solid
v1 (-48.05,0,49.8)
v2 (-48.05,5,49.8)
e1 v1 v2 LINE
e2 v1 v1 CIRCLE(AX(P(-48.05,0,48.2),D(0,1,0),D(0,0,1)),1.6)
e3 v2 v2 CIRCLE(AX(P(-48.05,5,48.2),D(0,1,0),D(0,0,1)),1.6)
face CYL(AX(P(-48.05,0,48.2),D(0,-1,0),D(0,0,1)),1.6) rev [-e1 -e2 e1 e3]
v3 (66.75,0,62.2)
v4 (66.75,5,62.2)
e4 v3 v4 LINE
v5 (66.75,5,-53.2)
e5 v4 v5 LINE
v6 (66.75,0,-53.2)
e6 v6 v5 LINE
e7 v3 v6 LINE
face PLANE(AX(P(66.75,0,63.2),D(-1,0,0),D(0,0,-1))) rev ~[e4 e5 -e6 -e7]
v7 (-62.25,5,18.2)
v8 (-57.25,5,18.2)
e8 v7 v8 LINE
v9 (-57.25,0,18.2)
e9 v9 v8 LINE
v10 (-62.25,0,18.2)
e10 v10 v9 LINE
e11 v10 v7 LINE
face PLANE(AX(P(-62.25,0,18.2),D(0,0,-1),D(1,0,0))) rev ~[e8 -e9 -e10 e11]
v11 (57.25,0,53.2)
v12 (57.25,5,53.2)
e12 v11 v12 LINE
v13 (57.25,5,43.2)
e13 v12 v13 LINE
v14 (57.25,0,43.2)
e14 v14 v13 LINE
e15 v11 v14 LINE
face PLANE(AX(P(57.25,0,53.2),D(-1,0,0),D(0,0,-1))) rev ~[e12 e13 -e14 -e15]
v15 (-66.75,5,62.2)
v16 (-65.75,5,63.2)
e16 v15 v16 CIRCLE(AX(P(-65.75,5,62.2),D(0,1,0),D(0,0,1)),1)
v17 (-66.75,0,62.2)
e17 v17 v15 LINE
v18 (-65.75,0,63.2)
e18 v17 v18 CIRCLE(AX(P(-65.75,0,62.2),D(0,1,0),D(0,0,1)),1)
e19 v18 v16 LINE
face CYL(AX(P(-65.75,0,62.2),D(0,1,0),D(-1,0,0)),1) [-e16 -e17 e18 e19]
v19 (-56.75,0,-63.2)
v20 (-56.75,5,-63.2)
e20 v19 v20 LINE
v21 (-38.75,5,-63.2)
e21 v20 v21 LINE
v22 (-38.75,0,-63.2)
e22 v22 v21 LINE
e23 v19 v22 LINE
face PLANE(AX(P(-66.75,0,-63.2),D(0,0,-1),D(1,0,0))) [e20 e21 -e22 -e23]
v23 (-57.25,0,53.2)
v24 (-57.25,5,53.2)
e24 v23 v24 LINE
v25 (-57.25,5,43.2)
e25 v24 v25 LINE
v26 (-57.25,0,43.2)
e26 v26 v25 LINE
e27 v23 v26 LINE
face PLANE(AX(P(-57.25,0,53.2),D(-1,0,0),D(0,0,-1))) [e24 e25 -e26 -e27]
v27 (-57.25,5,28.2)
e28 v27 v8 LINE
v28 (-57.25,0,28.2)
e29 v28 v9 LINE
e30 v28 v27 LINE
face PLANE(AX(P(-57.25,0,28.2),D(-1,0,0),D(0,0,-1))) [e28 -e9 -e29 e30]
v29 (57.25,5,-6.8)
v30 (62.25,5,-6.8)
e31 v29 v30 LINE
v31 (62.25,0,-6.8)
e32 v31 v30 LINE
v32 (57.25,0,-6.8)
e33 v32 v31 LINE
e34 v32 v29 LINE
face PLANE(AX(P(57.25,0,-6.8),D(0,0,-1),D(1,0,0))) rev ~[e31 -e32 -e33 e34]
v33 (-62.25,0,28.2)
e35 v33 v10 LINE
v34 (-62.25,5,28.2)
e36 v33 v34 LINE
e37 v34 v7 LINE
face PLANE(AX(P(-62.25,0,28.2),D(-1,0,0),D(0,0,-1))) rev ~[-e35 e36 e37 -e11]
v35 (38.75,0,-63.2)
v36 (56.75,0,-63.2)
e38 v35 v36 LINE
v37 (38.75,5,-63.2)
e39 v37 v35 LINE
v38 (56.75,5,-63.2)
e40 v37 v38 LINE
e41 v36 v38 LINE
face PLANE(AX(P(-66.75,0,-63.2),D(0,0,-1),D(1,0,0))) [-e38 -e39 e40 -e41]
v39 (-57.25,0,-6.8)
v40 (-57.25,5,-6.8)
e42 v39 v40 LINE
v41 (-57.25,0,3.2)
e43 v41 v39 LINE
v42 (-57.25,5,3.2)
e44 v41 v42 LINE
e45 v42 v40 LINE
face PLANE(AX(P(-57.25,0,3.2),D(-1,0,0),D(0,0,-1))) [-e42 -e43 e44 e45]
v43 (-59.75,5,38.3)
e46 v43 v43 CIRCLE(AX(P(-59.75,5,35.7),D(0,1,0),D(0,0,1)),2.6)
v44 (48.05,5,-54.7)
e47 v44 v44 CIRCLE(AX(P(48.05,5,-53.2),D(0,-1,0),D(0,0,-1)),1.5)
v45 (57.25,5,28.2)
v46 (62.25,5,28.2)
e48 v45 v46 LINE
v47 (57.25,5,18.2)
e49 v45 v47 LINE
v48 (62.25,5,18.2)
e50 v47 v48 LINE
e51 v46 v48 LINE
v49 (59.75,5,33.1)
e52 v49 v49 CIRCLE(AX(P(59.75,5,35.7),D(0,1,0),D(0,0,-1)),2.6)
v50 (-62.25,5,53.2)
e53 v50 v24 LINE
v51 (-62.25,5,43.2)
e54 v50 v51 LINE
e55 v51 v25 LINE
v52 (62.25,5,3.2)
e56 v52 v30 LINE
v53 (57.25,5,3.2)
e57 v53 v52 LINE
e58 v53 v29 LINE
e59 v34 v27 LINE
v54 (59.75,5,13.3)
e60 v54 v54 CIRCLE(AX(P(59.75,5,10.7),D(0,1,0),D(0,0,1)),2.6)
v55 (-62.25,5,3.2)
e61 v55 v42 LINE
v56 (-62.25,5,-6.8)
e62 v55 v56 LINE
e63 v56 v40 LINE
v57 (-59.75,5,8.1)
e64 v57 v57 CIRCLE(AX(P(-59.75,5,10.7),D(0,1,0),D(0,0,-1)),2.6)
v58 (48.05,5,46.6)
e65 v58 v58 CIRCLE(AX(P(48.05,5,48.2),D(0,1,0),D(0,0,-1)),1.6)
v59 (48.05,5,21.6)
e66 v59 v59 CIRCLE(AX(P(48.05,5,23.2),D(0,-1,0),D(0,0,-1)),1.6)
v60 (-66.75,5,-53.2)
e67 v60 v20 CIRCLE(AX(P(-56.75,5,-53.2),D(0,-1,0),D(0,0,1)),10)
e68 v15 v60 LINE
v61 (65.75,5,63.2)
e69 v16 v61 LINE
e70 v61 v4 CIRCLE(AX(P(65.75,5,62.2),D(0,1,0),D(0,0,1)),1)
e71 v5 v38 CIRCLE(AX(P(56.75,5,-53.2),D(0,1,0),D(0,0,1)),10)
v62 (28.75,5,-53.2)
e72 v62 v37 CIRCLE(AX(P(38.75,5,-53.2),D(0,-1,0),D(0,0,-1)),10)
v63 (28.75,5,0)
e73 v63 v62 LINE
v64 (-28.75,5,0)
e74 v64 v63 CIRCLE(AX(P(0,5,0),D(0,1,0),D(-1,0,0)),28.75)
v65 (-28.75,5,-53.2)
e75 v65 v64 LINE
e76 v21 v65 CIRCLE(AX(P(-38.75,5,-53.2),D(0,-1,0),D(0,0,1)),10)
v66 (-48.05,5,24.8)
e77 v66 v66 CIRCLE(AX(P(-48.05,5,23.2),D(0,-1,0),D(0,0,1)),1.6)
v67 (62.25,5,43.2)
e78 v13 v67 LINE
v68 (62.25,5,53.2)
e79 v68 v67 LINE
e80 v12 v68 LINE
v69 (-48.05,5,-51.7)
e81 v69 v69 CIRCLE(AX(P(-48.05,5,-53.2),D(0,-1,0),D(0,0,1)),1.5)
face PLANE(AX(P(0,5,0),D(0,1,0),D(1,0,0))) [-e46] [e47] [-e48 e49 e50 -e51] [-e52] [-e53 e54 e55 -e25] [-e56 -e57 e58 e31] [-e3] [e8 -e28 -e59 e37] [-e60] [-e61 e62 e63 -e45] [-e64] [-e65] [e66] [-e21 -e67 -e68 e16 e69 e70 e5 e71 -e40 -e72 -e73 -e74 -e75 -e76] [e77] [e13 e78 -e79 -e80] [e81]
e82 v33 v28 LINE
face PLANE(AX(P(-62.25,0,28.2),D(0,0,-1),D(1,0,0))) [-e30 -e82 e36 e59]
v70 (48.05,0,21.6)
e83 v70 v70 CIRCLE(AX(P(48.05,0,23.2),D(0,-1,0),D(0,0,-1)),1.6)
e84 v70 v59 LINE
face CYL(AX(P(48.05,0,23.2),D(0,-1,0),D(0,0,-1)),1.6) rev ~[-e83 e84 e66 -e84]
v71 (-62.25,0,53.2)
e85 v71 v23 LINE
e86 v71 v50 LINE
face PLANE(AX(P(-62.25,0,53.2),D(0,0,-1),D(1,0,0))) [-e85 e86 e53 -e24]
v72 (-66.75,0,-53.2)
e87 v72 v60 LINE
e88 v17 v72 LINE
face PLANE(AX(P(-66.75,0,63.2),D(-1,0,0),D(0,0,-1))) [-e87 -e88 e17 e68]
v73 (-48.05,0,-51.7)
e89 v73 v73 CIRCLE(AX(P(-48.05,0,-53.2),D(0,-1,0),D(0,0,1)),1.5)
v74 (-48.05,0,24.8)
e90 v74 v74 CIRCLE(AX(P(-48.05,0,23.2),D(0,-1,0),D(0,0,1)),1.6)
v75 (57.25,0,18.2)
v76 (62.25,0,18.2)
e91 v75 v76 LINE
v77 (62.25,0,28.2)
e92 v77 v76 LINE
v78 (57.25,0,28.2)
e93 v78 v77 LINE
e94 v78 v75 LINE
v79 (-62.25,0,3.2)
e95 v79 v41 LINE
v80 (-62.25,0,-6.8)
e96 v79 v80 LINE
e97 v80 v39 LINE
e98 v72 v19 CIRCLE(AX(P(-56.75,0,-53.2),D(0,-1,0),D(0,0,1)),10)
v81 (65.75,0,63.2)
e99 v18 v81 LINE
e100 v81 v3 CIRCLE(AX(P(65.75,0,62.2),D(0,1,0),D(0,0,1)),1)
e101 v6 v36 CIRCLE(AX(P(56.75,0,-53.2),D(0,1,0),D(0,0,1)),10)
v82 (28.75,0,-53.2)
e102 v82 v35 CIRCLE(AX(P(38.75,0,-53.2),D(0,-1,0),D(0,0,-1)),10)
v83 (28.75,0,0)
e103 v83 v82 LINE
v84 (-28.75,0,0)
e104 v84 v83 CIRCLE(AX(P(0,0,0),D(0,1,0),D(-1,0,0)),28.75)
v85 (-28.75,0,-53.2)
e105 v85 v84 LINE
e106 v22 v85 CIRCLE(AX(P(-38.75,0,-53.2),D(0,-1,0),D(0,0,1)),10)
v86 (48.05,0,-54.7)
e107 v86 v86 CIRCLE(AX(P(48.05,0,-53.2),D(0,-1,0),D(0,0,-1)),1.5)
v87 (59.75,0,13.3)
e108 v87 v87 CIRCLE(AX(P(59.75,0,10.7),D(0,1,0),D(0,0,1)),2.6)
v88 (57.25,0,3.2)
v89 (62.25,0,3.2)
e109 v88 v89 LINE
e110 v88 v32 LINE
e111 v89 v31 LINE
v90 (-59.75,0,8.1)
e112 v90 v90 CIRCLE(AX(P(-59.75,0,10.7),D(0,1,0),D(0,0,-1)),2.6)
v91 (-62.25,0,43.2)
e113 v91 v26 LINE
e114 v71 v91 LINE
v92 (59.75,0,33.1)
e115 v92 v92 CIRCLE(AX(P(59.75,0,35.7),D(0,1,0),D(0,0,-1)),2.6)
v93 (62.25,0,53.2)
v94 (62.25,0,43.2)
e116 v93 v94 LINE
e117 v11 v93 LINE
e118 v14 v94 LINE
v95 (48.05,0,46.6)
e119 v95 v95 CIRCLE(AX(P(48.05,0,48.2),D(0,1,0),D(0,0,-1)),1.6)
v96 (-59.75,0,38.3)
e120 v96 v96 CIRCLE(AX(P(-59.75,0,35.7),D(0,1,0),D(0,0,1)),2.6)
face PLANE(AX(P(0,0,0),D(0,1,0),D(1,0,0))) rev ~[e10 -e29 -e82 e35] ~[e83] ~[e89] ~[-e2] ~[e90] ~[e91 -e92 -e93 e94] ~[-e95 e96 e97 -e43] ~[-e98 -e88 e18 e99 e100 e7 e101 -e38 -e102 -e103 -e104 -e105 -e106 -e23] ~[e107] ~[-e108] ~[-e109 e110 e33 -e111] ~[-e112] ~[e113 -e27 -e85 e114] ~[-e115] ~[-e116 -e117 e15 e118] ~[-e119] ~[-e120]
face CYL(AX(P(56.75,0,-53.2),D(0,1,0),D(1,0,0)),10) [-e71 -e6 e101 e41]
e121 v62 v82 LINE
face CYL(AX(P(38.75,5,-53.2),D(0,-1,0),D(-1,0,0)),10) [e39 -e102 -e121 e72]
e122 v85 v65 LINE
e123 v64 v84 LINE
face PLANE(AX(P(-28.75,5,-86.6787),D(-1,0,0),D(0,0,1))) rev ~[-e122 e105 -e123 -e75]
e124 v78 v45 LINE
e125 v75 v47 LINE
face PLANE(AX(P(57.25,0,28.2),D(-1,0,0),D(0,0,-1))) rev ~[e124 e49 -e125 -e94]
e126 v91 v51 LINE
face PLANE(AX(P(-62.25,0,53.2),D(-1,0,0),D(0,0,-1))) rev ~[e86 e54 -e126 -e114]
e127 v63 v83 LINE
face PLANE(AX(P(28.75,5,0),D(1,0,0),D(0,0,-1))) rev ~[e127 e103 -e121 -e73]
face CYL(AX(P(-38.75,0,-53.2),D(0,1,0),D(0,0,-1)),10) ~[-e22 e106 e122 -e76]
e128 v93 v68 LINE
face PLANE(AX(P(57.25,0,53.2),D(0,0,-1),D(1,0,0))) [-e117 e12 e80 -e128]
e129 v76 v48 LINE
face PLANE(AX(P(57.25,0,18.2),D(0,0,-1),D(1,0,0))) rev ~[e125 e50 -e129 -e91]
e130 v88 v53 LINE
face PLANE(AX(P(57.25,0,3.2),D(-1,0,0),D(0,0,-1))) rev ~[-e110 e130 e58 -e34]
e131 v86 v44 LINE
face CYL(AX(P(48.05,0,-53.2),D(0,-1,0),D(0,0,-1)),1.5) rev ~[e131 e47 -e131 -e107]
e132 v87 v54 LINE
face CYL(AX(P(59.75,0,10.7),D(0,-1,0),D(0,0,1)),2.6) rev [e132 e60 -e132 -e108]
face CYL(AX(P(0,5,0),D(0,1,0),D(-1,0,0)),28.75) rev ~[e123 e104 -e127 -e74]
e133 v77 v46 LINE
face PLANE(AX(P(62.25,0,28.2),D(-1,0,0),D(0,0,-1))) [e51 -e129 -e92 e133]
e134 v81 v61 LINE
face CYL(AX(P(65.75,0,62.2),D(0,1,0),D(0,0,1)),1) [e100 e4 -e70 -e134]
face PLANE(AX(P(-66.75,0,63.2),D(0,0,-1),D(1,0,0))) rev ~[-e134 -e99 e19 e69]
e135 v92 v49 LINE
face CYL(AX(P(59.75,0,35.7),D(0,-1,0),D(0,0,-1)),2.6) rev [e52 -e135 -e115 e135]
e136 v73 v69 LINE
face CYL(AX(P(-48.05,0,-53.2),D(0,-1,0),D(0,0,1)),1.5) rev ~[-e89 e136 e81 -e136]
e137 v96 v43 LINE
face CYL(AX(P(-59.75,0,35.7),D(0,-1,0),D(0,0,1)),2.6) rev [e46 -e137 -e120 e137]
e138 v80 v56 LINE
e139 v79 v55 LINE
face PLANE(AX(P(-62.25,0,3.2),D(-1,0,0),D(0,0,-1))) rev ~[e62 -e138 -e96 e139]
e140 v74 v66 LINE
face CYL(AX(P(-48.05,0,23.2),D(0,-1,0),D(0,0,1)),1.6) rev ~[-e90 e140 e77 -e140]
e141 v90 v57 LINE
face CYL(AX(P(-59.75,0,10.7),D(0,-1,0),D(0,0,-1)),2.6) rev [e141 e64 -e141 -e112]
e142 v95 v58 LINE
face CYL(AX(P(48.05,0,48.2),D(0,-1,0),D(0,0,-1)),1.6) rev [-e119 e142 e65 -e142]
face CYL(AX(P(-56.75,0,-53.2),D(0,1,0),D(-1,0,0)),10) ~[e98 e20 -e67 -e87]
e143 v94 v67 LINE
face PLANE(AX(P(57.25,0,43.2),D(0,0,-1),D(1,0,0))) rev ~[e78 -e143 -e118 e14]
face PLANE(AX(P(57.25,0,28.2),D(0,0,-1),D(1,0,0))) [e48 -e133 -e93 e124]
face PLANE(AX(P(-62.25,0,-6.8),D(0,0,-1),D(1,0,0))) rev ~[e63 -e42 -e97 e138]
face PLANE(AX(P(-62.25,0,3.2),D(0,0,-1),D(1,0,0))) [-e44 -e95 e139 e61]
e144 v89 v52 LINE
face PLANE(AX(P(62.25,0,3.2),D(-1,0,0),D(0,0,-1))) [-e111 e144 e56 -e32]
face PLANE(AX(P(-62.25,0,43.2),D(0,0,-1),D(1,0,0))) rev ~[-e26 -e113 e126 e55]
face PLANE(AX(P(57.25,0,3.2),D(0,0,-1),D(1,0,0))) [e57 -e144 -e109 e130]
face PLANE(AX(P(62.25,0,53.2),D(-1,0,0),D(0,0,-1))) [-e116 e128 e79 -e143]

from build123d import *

# Parameters (mm, degrees)
SKETCH1_W           = 133.5
SKETCH1_H           = 126.4
SKETCH1_R           = 2.6
SKETCH1_R_2         = 1.6
SKETCH1_W_2         = 5
SKETCH1_H_2         = 10
BOSS_EXTRUDE1_DEPTH = 5
CUT_EXTRUDE2_DEPTH  = 10
FILLET2_R           = 10
CUT_EXTRUDE3_REACH  = 94.059
SKETCH5_R           = 1.6
SKETCH5_R_2         = 1.5
FILLET3_R           = 1


with BuildPart() as part:
    # Sketch1 → Boss-Extrude1 (new body)
    with BuildSketch(Plane(origin=(0, 0, 0), x_dir=(1, 0, 0), z_dir=(0, 1, 0))):
        Rectangle(SKETCH1_W, SKETCH1_H)
        with Locations(Location((-59.75, -35.7, 0), (0, 0, 270))):
            Circle(SKETCH1_R, mode=Mode.SUBTRACT)
        with Locations(Location((59.75, -35.7, 0), (0, 0, 90))):
            Circle(SKETCH1_R, mode=Mode.SUBTRACT)
        with Locations(Location((-48.05, -48.2, 0), (0, 0, 270))):
            Circle(SKETCH1_R_2, mode=Mode.SUBTRACT)
        with Locations(Location((48.05, -48.2, 0), (0, 0, 90))):
            Circle(SKETCH1_R_2, mode=Mode.SUBTRACT)
        with Locations(Location((-59.75, -10.7, 0), (0, 0, 90))):
            Circle(SKETCH1_R, mode=Mode.SUBTRACT)
        with Locations(Location((59.75, -10.7, 0), (0, 0, 270))):
            Circle(SKETCH1_R, mode=Mode.SUBTRACT)
        with Locations((-59.75, -48.2)):
            Rectangle(SKETCH1_W_2, SKETCH1_H_2, mode=Mode.SUBTRACT)
        with Locations((-59.75, -23.2)):
            Rectangle(SKETCH1_W_2, SKETCH1_H_2, mode=Mode.SUBTRACT)
        with Locations((59.75, -23.2)):
            Rectangle(SKETCH1_W_2, SKETCH1_H_2, mode=Mode.SUBTRACT)
        with Locations((59.75, -48.2)):
            Rectangle(SKETCH1_W_2, SKETCH1_H_2, mode=Mode.SUBTRACT)
        with Locations((-59.75, 1.8)):
            Rectangle(SKETCH1_W_2, SKETCH1_H_2, mode=Mode.SUBTRACT)
        with Locations((59.75, 1.8)):
            Rectangle(SKETCH1_W_2, SKETCH1_H_2, mode=Mode.SUBTRACT)
    extrude(amount=BOSS_EXTRUDE1_DEPTH)

    # Sketch2 → Cut-Extrude2 (cut)
    with BuildSketch(Plane(origin=(0, 5, 0), x_dir=(1, 0, 0), z_dir=(0, 1, 0))):
        with BuildLine():
            Line((-28.75, 86.678700037), (-28.75, 0))
            ThreePointArc((-28.75, 0), (0, -28.75), (28.75, 0))
            Line((28.75, 0), (28.75, 86.678700037))
            Line((28.75, 86.678700037), (-28.75, 86.678700037))
        make_face()
    extrude(amount=-CUT_EXTRUDE2_DEPTH, mode=Mode.SUBTRACT)

    # Fillet2
    fillet2_edges = [part.edges().sort_by_distance(p)[0] for p in [
        (-28.75, 2.5, -63.2),
        (28.75, 2.5, -63.2),
        (-66.75, 2.5, -63.2),
        (66.75, 2.5, -63.2),
    ]]
    fillet(fillet2_edges, radius=FILLET2_R)

    # Sketch5 → Cut-Extrude3 (cut, up to next)
    with BuildSketch(Plane.XZ, mode=Mode.PRIVATE) as cut_extrude3_sk1:
        with Locations(Location((48.05, 23.2, 0), (0, 0, 270))):
            Circle(SKETCH5_R)
    cut_extrude3_tool1 = extrude(cut_extrude3_sk1.sketch, amount=-CUT_EXTRUDE3_REACH, mode=Mode.PRIVATE) & part.part
    # Sketch5 → Cut-Extrude3 (cut, up to next)
    with BuildSketch(Plane.XZ, mode=Mode.PRIVATE) as cut_extrude3_sk2:
        with Locations(Location((48.05, -53.2, 0), (0, 0, 270))):
            Circle(SKETCH5_R_2)
    cut_extrude3_tool2 = extrude(cut_extrude3_sk2.sketch, amount=-CUT_EXTRUDE3_REACH, mode=Mode.PRIVATE) & part.part
    # Sketch5 → Cut-Extrude3 (cut, up to next)
    with BuildSketch(Plane.XZ, mode=Mode.PRIVATE) as cut_extrude3_sk3:
        with Locations(Location((-48.05, -53.2, 0), (0, 0, 90))):
            Circle(SKETCH5_R_2)
    cut_extrude3_tool3 = extrude(cut_extrude3_sk3.sketch, amount=-CUT_EXTRUDE3_REACH, mode=Mode.PRIVATE) & part.part
    # Sketch5 → Cut-Extrude3 (cut, up to next)
    with BuildSketch(Plane.XZ, mode=Mode.PRIVATE) as cut_extrude3_sk4:
        with Locations(Location((-48.05, 23.2, 0), (0, 0, 90))):
            Circle(SKETCH5_R)
    cut_extrude3_tool4 = extrude(cut_extrude3_sk4.sketch, amount=-CUT_EXTRUDE3_REACH, mode=Mode.PRIVATE) & part.part
    add(cut_extrude3_tool1.solids().sort_by_distance((48.05, 0, 23.2))[0], mode=Mode.SUBTRACT)
    add(cut_extrude3_tool2.solids().sort_by_distance((48.05, 0, -53.2))[0], mode=Mode.SUBTRACT)
    add(cut_extrude3_tool3.solids().sort_by_distance((-48.05, 0, -53.2))[0], mode=Mode.SUBTRACT)
    add(cut_extrude3_tool4.solids().sort_by_distance((-48.05, 0, 23.2))[0], mode=Mode.SUBTRACT)

    # Fillet3
    fillet3_edges = [part.edges().sort_by_distance(p)[0] for p in [
        (66.75, 2.5, 63.2),
        (-66.75, 2.5, 63.2),
    ]]
    fillet(fillet3_edges, radius=FILLET3_R)


solid = part.part
